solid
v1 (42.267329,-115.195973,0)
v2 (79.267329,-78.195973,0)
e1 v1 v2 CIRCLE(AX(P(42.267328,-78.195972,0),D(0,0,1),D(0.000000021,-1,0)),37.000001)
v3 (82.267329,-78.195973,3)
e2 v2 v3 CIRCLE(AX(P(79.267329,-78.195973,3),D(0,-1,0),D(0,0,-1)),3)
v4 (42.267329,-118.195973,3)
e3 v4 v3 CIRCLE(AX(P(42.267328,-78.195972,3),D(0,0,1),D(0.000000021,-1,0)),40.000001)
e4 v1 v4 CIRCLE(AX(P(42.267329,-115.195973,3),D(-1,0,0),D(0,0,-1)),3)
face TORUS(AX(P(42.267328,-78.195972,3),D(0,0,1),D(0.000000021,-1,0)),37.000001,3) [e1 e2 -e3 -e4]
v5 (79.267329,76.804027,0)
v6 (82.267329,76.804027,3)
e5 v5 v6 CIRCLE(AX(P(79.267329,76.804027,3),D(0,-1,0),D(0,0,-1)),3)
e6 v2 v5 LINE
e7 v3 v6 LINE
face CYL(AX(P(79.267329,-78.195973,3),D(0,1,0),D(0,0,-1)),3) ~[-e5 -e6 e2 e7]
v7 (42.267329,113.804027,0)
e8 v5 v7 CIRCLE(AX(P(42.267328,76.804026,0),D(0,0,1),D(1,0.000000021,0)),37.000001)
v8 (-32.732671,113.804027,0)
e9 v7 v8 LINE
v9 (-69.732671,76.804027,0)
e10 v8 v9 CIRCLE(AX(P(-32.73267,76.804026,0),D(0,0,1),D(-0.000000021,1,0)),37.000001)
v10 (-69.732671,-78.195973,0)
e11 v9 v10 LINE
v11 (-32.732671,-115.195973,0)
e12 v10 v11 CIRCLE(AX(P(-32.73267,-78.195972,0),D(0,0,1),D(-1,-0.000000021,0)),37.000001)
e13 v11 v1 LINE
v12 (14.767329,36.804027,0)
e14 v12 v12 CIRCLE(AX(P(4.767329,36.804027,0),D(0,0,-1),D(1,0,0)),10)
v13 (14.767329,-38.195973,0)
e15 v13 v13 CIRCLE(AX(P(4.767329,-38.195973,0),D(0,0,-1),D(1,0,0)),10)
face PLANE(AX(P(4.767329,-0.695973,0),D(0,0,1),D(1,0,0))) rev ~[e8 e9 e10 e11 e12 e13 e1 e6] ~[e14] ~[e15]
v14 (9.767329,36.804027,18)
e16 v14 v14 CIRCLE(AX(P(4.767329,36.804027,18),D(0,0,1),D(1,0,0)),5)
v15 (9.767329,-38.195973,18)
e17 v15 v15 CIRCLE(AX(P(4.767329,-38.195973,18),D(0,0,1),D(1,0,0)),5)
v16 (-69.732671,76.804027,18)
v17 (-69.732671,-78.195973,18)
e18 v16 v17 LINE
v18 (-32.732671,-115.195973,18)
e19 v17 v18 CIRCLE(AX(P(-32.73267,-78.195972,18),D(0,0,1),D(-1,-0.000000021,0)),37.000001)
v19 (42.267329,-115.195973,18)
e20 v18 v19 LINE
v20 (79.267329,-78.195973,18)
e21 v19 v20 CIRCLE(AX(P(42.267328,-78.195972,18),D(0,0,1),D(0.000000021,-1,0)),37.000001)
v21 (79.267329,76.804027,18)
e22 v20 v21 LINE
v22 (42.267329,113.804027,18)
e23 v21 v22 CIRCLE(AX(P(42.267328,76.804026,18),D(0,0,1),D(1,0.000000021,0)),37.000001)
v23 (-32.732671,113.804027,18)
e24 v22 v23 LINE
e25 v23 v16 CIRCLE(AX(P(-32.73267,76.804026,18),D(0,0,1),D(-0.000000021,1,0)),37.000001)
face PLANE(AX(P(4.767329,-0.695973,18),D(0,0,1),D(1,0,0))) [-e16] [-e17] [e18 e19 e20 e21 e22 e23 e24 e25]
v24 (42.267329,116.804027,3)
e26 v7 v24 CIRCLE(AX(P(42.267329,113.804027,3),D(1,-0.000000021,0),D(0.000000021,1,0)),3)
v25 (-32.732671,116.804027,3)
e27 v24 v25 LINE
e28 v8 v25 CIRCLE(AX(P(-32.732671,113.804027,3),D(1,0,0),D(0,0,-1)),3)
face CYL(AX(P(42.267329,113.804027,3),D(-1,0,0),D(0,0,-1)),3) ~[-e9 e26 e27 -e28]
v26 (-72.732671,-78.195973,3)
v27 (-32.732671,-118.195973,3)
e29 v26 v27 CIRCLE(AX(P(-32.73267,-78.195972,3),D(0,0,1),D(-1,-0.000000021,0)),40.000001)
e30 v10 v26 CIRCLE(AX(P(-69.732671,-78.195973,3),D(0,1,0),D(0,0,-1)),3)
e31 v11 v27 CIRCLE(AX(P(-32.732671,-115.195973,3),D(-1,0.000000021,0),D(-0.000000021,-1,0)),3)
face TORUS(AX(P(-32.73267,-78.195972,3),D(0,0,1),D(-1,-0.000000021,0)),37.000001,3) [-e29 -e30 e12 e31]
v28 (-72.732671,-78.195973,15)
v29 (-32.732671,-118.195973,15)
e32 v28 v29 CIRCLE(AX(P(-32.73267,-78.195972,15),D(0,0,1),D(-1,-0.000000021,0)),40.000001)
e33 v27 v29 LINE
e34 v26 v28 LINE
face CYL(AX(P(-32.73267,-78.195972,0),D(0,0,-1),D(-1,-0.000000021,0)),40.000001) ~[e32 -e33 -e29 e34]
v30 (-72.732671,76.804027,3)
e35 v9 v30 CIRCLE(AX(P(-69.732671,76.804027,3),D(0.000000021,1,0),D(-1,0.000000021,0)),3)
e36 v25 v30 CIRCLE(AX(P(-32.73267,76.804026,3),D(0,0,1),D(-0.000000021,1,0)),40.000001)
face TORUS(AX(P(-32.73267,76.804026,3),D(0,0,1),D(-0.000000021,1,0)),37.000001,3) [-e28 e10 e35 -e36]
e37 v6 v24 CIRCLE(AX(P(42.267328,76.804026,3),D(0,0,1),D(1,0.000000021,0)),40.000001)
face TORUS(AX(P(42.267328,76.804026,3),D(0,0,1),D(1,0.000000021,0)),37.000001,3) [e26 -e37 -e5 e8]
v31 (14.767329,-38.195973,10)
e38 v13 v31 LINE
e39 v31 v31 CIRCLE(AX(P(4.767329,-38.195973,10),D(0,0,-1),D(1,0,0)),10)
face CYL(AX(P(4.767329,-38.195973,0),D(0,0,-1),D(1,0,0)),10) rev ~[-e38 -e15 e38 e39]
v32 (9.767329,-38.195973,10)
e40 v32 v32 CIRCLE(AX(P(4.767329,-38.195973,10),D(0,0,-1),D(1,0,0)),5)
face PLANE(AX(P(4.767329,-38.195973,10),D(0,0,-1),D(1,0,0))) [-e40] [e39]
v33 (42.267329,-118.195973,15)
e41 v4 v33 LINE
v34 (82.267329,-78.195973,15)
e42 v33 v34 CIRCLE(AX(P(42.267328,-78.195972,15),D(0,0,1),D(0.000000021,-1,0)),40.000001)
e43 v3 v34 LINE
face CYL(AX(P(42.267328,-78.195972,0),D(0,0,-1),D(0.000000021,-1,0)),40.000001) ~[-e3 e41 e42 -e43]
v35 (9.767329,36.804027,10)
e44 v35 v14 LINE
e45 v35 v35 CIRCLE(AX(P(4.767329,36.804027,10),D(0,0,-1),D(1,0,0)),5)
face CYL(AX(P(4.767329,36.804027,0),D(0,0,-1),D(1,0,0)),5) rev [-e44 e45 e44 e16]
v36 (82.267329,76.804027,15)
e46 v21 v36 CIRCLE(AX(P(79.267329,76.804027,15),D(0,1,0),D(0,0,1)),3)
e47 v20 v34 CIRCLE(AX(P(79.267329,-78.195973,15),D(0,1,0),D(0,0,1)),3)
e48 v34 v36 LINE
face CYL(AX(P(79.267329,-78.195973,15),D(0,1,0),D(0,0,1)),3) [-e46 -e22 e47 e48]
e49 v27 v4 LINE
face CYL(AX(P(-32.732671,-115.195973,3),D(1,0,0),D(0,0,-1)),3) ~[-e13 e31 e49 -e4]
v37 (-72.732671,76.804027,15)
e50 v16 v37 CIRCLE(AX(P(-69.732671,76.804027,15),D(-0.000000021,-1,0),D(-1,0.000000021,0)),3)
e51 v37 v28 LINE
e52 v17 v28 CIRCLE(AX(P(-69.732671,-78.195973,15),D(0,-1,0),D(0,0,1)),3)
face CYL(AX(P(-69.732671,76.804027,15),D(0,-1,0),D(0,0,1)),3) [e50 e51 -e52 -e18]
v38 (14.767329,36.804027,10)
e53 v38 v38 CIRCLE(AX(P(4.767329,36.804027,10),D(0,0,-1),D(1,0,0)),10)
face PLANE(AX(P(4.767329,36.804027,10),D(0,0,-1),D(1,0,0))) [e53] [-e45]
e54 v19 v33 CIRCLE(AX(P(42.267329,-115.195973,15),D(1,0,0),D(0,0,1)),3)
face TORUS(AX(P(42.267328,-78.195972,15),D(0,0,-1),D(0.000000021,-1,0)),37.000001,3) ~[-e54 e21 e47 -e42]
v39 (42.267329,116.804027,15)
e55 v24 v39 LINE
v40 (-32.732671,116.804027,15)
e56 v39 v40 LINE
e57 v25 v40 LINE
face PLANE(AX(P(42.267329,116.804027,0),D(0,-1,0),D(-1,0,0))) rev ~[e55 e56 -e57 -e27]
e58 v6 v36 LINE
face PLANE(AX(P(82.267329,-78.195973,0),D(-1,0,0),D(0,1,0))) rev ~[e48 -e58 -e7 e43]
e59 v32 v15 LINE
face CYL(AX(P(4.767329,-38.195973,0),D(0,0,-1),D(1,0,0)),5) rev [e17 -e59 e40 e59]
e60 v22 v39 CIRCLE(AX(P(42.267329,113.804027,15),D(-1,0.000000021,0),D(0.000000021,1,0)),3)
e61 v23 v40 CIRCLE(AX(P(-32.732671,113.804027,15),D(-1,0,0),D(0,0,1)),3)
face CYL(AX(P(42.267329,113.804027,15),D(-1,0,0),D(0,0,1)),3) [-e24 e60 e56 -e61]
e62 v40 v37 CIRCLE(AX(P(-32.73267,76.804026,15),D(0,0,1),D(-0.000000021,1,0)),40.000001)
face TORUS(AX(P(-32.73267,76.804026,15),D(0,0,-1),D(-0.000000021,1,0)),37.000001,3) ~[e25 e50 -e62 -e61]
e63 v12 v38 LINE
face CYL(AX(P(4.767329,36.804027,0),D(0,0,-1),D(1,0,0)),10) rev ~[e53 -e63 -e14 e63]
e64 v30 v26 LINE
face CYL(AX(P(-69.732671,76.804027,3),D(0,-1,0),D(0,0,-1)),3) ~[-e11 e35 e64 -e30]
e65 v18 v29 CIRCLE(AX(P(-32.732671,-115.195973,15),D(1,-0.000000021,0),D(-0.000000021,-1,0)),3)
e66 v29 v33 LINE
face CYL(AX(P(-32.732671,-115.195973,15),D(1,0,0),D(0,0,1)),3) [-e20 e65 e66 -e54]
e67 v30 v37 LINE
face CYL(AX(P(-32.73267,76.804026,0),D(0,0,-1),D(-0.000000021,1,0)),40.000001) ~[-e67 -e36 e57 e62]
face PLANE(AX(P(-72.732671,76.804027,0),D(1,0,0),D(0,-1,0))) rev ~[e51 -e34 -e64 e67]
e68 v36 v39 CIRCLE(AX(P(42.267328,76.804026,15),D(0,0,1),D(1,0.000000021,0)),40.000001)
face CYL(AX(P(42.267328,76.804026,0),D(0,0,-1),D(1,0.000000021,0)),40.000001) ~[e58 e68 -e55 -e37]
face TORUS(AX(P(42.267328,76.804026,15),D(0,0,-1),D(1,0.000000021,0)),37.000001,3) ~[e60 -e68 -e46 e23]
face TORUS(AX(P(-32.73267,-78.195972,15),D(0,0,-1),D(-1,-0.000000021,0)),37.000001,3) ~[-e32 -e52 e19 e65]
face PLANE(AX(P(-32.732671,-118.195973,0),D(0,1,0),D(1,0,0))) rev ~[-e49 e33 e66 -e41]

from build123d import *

# Parameters (mm, degrees)
F0_R     = 5
F1_DEPTH = 18
F2_R     = 10
F3_DEPTH = 10
F4_R     = 3


with BuildPart() as f1:
    # F0 (on Top) → F1 (new body)
    with BuildSketch(Plane.XY):
        with BuildLine():
            ThreePointArc((-72.732671, -78.195973), (-61.016942, -106.480244), (-32.732671, -118.195973))
            Line((-32.732671, -118.195973), (42.267329, -118.195973))
            ThreePointArc((42.267329, -118.195973), (70.5516, -106.480244), (82.267329, -78.195973))
            Line((82.267329, -78.195973), (82.267329, 76.804027))
            ThreePointArc((82.267329, 76.804027), (70.5516, 105.088298), (42.267329, 116.804027))
            Line((42.267329, 116.804027), (-32.732671, 116.804027))
            ThreePointArc((-32.732671, 116.804027), (-61.016942, 105.088298), (-72.732671, 76.804027))
            Line((-72.732671, 76.804027), (-72.732671, -78.195973))
        make_face()
        with Locations((4.767329, -38.195973)):
            Circle(F0_R, mode=Mode.SUBTRACT)
        with Locations((4.767329, 36.804027)):
            Circle(F0_R, mode=Mode.SUBTRACT)
    extrude(amount=F1_DEPTH)

    # F2 (on face) → F3 (cut)
    with BuildSketch(Plane(origin=(0, 0, 0), x_dir=(1, 0, 0), z_dir=(0, 0, -1))):
        with Locations((4.767329, 38.195973)):
            Circle(F2_R)
        with Locations((4.767329, -36.804027)):
            Circle(F2_R)
    extrude(amount=-F3_DEPTH, mode=Mode.SUBTRACT)

    # F4
    f4_edges = [f1.edges().sort_by_distance(p)[0] for p in [
        (82.267329, -0.695973, 18),
        (82.267329, -0.695973, 0),
    ]]
    fillet(f4_edges, radius=F4_R)


solid = f1.part
